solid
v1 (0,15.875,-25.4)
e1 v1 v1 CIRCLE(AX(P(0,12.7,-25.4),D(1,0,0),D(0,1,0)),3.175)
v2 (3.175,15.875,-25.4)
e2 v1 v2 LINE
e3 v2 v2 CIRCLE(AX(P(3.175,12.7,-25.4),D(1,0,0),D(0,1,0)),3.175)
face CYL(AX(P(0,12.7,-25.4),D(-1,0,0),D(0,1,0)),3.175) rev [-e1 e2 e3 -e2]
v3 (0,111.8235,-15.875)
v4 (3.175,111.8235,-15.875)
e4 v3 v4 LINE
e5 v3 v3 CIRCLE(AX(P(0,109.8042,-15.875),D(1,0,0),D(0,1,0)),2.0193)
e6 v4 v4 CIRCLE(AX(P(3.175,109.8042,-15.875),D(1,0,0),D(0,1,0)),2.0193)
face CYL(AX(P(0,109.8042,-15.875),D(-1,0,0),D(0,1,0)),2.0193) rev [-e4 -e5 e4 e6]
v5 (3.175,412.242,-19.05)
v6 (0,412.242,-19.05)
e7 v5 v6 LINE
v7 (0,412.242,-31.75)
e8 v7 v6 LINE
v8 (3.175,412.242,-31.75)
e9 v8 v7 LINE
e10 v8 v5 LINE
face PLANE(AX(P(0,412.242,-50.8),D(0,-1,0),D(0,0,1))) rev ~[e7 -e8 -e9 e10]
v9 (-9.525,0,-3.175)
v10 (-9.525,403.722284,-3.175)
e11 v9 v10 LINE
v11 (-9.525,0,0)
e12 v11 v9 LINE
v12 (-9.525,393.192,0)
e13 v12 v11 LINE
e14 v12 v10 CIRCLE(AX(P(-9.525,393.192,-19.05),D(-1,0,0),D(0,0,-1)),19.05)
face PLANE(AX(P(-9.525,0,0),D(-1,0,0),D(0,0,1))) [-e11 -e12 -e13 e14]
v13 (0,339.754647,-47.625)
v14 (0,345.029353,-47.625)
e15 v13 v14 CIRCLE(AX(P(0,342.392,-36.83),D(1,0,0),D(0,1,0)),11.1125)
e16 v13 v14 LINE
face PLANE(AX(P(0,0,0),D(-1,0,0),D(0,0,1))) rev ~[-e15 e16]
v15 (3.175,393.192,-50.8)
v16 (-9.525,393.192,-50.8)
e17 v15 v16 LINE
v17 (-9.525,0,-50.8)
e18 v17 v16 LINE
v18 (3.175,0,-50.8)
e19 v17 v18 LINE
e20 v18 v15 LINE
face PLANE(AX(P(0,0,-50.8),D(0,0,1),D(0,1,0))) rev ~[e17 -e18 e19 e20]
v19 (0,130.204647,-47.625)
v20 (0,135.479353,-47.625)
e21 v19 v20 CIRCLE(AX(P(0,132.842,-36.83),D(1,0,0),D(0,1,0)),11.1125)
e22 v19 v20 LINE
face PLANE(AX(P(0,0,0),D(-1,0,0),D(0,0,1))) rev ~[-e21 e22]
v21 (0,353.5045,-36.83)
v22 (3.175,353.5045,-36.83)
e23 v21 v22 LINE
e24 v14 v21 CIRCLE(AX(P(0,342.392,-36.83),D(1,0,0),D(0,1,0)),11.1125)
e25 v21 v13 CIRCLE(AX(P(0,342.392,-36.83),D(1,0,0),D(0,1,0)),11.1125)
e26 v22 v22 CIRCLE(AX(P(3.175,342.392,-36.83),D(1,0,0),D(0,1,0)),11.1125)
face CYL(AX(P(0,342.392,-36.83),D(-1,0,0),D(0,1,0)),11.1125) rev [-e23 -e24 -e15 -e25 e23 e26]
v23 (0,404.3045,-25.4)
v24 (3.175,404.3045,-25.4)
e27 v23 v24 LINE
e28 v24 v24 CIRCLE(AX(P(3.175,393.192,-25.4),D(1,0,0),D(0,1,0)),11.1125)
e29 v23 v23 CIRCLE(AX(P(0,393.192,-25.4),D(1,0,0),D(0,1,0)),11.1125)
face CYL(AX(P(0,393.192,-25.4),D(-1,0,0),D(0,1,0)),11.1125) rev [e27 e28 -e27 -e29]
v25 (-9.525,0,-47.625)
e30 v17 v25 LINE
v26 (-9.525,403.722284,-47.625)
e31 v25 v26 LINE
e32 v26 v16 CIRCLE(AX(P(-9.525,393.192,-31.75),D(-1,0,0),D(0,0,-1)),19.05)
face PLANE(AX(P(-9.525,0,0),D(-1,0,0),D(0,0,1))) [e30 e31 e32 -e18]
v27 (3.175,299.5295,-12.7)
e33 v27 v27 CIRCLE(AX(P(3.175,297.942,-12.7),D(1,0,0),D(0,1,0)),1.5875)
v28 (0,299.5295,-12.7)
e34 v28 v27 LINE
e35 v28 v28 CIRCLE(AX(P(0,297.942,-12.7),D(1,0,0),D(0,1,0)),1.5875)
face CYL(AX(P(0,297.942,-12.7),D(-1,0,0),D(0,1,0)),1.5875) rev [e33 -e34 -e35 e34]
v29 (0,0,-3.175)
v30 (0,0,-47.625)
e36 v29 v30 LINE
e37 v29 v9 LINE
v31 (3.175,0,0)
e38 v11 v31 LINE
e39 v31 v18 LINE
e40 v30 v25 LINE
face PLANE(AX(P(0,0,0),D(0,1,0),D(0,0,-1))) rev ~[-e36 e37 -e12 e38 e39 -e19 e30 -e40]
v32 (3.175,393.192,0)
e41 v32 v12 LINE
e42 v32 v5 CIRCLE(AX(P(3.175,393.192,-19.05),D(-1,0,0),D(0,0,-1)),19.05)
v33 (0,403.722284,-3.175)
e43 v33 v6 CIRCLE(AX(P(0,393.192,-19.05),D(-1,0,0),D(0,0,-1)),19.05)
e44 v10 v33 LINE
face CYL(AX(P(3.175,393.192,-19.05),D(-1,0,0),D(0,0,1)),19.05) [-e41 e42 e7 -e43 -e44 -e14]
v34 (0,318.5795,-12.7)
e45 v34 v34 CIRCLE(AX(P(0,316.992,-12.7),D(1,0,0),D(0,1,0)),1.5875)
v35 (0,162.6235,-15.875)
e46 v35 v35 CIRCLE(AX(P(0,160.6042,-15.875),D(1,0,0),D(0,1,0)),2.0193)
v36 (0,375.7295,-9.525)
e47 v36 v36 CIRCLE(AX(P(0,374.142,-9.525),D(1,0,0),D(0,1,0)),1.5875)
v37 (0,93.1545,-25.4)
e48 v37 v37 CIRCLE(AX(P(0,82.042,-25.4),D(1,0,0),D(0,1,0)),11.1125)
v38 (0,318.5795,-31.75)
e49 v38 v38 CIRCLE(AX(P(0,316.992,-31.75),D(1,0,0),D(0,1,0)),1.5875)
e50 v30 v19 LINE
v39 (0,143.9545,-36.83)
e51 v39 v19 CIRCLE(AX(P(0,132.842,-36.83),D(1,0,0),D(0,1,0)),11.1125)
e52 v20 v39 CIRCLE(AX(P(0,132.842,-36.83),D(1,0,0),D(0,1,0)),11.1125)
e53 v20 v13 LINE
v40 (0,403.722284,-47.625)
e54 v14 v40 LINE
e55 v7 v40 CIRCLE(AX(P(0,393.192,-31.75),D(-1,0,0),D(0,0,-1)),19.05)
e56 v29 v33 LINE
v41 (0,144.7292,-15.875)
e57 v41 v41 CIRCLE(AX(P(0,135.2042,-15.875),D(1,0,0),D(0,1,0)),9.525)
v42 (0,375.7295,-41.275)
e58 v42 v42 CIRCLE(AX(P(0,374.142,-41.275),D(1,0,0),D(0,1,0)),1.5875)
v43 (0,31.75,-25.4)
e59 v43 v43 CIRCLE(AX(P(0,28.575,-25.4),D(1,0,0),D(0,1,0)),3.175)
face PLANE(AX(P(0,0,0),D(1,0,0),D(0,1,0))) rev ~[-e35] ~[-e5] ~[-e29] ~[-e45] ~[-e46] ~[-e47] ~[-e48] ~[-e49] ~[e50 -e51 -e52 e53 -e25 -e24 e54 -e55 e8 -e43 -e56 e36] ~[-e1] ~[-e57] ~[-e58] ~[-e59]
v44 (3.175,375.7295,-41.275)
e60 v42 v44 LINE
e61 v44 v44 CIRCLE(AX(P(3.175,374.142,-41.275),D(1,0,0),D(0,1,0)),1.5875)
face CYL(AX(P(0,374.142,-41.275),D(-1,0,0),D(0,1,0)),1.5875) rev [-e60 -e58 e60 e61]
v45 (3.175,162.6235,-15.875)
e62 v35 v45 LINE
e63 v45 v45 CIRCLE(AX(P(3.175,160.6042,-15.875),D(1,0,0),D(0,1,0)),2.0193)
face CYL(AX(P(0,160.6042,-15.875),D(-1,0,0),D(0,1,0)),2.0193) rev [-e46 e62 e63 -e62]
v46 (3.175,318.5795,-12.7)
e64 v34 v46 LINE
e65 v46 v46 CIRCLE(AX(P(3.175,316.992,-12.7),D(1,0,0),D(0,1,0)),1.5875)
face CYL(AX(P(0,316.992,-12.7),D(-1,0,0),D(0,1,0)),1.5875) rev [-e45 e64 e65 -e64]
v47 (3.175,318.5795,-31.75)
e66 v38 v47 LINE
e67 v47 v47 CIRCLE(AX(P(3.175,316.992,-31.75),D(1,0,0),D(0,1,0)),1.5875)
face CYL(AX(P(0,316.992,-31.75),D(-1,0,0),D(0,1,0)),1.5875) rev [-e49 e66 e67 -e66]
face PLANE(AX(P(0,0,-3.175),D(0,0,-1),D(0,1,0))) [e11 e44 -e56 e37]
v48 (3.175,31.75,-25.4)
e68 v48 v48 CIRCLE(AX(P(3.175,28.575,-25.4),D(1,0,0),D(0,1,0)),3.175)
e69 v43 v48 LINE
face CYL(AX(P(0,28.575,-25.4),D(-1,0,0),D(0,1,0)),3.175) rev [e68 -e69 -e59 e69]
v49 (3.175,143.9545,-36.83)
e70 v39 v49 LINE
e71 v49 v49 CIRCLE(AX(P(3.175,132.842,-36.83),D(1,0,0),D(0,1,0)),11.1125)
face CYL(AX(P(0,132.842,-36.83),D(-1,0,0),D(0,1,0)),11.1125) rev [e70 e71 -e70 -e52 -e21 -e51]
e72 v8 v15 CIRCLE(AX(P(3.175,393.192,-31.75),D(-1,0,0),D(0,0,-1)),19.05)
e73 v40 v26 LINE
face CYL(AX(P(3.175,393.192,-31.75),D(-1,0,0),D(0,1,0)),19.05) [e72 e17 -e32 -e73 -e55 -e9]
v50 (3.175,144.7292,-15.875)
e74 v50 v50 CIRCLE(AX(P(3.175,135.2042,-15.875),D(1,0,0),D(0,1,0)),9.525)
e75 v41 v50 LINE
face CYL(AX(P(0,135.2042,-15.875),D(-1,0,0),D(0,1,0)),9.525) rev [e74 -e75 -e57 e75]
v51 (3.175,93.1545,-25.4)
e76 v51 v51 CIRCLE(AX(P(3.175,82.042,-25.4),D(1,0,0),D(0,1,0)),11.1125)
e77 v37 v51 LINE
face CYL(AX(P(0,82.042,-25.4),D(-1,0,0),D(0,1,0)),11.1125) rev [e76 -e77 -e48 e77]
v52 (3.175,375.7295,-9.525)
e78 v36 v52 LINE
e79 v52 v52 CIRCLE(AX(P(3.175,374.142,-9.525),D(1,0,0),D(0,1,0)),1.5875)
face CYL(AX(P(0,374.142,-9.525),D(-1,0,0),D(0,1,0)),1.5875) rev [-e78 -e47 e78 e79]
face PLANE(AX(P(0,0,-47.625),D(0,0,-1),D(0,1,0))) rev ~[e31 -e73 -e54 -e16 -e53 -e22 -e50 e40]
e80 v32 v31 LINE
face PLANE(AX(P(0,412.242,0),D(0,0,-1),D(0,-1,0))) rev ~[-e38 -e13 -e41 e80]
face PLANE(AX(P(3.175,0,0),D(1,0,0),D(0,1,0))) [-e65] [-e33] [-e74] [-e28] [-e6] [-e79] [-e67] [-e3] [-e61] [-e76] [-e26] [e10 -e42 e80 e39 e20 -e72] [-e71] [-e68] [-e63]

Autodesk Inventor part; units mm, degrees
ref_plane "YZ Plane" through (0, 0, 0) normal (1, 0, 0) x (0, 1, 0)
ref_plane "XZ Plane" through (0, 0, 0) normal (0, 1, 0) x (-1, 0, 0)
ref_plane "XY Plane" through (0, 0, 0) normal (0, 0, 1) x (1, 0, 0)
sketch "Sketch1" plane through (0, 0, 0) normal (1, 0, 0) x (0, 1, 0)
  line L0 (0, 0) -> (0, -50.8)
  line L1 (0, -50.8) -> (412.242, -50.8)
  line L2 (412.242, -50.8) -> (412.242, 0)
  line L3 (412.242, 0) -> (0, 0)
  line L4 (412.242, -25.4) -> (0, -25.4) construction
  circle A0 centre (82.042, -25.4) radius 11.1125
  circle A1 centre (393.192, -25.4) radius 11.1125
  line L5 (0, -13.97) -> (412.242, -13.97) construction
  line L6 (132.842, -13.97) -> (132.842, -36.83) construction
  line L7 (342.392, -13.97) -> (342.392, -36.83) construction
  circle A2 centre (132.842, -36.83) radius 11.1125
  circle A3 centre (342.392, -36.83) radius 11.1125
  line L8 (132.842, -36.83) -> (342.392, -36.83) construction
  line L9 (160.6042, -15.875) -> (109.8042, -15.875) construction
  circle A4 centre (135.2042, -15.875) radius 9.525
  circle A5 centre (160.6042, -15.875) radius 2.0193
  circle A6 centre (109.8042, -15.875) radius 2.0193
  circle A7 centre (374.142, -9.525) radius 1.5875
  circle A8 centre (374.142, -41.275) radius 1.5875
  circle A9 centre (12.7, -25.4) radius 3.175
  circle A10 centre (28.575, -25.4) radius 3.175
  line L10 (374.142, -41.275) -> (374.142, -9.525) construction
  line L11 (316.992, -12.7) -> (297.942, -12.7) construction
  line L12 (316.992, 0) -> (316.992, -50.8) construction
  circle A11 centre (316.992, -12.7) radius 1.5875
  circle A12 centre (297.942, -12.7) radius 1.5875
  circle A13 centre (316.992, -31.75) radius 1.5875
  point P0 (374.142, -25.4)
  dimension "d0" = 50.8
  dimension "d3" = 22.225
  dimension "d4" = 311.15
  dimension "d5" = 19.05
  dimension "d12" = 82.042
  dimension "d18" = 11.43
  dimension "d19" = 50.8
  dimension "d20" = 50.8
  dimension "d29" = 15.875
  dimension "d30" = 50.8
  dimension "d31" = 53.1622
  dimension "d35" = 4.0386
  dimension "d36" = 19.05
  dimension "d37" = 22.225
  dimension "d38" = 12.7
  dimension "d39" = 15.875
  dimension "d40" = 6.35
  dimension "d41" = 31.75
  dimension "d42" = 19.05
  dimension "d43" = 3.175
  dimension "d44" = 19.05
  dimension "d45" = 19.05
  dimension "d47" = 6.35
  dimension "d48" = 234.95
extrude "Extrusion1" add sketch "Sketch1" along normal blind 3.175
sketch "Sketch2" plane through (0, 0, 0) normal (-1, 0, 0) x (0, 0, 1)
  line L0 (0, 412.242) -> (0, 0) projected
  line L1 (-50.8, 412.242) -> (0, 412.242) construction
  line L2 (0, 0) -> (-3.175, 0)
  line L3 (-3.175, 0) -> (-3.175, 412.242)
  line L4 (-3.175, 412.242) -> (0, 412.242)
  line L5 (0, 412.242) -> (0, 0)
  line L6 (-50.8, 0) -> (-50.8, 412.242) projected
  line L7 (-50.8, 0) -> (-47.625, 0)
  line L8 (-47.625, 0) -> (-47.625, 412.242)
  line L9 (-47.625, 412.242) -> (-50.8, 412.242)
  line L10 (-50.8, 412.242) -> (-50.8, 0)
  dimension "d13" = 3.175
  dimension "d14" = 3.175
extrude "Extrusion2" add sketch "Sketch2" along normal blind 9.525
fillet "Fillet2" radius 19.05 2 edges at (-3.175, 412.242, 0) (-3.175, 412.242, -50.8)
equation "\"d20\" = d19"
equation "\"d29\" = d23"
equation "\"d45\" = d44"
equation "\"d14\" = d13"
equation "\"d23\" = 15.875"
properties part number "Front C Left"
